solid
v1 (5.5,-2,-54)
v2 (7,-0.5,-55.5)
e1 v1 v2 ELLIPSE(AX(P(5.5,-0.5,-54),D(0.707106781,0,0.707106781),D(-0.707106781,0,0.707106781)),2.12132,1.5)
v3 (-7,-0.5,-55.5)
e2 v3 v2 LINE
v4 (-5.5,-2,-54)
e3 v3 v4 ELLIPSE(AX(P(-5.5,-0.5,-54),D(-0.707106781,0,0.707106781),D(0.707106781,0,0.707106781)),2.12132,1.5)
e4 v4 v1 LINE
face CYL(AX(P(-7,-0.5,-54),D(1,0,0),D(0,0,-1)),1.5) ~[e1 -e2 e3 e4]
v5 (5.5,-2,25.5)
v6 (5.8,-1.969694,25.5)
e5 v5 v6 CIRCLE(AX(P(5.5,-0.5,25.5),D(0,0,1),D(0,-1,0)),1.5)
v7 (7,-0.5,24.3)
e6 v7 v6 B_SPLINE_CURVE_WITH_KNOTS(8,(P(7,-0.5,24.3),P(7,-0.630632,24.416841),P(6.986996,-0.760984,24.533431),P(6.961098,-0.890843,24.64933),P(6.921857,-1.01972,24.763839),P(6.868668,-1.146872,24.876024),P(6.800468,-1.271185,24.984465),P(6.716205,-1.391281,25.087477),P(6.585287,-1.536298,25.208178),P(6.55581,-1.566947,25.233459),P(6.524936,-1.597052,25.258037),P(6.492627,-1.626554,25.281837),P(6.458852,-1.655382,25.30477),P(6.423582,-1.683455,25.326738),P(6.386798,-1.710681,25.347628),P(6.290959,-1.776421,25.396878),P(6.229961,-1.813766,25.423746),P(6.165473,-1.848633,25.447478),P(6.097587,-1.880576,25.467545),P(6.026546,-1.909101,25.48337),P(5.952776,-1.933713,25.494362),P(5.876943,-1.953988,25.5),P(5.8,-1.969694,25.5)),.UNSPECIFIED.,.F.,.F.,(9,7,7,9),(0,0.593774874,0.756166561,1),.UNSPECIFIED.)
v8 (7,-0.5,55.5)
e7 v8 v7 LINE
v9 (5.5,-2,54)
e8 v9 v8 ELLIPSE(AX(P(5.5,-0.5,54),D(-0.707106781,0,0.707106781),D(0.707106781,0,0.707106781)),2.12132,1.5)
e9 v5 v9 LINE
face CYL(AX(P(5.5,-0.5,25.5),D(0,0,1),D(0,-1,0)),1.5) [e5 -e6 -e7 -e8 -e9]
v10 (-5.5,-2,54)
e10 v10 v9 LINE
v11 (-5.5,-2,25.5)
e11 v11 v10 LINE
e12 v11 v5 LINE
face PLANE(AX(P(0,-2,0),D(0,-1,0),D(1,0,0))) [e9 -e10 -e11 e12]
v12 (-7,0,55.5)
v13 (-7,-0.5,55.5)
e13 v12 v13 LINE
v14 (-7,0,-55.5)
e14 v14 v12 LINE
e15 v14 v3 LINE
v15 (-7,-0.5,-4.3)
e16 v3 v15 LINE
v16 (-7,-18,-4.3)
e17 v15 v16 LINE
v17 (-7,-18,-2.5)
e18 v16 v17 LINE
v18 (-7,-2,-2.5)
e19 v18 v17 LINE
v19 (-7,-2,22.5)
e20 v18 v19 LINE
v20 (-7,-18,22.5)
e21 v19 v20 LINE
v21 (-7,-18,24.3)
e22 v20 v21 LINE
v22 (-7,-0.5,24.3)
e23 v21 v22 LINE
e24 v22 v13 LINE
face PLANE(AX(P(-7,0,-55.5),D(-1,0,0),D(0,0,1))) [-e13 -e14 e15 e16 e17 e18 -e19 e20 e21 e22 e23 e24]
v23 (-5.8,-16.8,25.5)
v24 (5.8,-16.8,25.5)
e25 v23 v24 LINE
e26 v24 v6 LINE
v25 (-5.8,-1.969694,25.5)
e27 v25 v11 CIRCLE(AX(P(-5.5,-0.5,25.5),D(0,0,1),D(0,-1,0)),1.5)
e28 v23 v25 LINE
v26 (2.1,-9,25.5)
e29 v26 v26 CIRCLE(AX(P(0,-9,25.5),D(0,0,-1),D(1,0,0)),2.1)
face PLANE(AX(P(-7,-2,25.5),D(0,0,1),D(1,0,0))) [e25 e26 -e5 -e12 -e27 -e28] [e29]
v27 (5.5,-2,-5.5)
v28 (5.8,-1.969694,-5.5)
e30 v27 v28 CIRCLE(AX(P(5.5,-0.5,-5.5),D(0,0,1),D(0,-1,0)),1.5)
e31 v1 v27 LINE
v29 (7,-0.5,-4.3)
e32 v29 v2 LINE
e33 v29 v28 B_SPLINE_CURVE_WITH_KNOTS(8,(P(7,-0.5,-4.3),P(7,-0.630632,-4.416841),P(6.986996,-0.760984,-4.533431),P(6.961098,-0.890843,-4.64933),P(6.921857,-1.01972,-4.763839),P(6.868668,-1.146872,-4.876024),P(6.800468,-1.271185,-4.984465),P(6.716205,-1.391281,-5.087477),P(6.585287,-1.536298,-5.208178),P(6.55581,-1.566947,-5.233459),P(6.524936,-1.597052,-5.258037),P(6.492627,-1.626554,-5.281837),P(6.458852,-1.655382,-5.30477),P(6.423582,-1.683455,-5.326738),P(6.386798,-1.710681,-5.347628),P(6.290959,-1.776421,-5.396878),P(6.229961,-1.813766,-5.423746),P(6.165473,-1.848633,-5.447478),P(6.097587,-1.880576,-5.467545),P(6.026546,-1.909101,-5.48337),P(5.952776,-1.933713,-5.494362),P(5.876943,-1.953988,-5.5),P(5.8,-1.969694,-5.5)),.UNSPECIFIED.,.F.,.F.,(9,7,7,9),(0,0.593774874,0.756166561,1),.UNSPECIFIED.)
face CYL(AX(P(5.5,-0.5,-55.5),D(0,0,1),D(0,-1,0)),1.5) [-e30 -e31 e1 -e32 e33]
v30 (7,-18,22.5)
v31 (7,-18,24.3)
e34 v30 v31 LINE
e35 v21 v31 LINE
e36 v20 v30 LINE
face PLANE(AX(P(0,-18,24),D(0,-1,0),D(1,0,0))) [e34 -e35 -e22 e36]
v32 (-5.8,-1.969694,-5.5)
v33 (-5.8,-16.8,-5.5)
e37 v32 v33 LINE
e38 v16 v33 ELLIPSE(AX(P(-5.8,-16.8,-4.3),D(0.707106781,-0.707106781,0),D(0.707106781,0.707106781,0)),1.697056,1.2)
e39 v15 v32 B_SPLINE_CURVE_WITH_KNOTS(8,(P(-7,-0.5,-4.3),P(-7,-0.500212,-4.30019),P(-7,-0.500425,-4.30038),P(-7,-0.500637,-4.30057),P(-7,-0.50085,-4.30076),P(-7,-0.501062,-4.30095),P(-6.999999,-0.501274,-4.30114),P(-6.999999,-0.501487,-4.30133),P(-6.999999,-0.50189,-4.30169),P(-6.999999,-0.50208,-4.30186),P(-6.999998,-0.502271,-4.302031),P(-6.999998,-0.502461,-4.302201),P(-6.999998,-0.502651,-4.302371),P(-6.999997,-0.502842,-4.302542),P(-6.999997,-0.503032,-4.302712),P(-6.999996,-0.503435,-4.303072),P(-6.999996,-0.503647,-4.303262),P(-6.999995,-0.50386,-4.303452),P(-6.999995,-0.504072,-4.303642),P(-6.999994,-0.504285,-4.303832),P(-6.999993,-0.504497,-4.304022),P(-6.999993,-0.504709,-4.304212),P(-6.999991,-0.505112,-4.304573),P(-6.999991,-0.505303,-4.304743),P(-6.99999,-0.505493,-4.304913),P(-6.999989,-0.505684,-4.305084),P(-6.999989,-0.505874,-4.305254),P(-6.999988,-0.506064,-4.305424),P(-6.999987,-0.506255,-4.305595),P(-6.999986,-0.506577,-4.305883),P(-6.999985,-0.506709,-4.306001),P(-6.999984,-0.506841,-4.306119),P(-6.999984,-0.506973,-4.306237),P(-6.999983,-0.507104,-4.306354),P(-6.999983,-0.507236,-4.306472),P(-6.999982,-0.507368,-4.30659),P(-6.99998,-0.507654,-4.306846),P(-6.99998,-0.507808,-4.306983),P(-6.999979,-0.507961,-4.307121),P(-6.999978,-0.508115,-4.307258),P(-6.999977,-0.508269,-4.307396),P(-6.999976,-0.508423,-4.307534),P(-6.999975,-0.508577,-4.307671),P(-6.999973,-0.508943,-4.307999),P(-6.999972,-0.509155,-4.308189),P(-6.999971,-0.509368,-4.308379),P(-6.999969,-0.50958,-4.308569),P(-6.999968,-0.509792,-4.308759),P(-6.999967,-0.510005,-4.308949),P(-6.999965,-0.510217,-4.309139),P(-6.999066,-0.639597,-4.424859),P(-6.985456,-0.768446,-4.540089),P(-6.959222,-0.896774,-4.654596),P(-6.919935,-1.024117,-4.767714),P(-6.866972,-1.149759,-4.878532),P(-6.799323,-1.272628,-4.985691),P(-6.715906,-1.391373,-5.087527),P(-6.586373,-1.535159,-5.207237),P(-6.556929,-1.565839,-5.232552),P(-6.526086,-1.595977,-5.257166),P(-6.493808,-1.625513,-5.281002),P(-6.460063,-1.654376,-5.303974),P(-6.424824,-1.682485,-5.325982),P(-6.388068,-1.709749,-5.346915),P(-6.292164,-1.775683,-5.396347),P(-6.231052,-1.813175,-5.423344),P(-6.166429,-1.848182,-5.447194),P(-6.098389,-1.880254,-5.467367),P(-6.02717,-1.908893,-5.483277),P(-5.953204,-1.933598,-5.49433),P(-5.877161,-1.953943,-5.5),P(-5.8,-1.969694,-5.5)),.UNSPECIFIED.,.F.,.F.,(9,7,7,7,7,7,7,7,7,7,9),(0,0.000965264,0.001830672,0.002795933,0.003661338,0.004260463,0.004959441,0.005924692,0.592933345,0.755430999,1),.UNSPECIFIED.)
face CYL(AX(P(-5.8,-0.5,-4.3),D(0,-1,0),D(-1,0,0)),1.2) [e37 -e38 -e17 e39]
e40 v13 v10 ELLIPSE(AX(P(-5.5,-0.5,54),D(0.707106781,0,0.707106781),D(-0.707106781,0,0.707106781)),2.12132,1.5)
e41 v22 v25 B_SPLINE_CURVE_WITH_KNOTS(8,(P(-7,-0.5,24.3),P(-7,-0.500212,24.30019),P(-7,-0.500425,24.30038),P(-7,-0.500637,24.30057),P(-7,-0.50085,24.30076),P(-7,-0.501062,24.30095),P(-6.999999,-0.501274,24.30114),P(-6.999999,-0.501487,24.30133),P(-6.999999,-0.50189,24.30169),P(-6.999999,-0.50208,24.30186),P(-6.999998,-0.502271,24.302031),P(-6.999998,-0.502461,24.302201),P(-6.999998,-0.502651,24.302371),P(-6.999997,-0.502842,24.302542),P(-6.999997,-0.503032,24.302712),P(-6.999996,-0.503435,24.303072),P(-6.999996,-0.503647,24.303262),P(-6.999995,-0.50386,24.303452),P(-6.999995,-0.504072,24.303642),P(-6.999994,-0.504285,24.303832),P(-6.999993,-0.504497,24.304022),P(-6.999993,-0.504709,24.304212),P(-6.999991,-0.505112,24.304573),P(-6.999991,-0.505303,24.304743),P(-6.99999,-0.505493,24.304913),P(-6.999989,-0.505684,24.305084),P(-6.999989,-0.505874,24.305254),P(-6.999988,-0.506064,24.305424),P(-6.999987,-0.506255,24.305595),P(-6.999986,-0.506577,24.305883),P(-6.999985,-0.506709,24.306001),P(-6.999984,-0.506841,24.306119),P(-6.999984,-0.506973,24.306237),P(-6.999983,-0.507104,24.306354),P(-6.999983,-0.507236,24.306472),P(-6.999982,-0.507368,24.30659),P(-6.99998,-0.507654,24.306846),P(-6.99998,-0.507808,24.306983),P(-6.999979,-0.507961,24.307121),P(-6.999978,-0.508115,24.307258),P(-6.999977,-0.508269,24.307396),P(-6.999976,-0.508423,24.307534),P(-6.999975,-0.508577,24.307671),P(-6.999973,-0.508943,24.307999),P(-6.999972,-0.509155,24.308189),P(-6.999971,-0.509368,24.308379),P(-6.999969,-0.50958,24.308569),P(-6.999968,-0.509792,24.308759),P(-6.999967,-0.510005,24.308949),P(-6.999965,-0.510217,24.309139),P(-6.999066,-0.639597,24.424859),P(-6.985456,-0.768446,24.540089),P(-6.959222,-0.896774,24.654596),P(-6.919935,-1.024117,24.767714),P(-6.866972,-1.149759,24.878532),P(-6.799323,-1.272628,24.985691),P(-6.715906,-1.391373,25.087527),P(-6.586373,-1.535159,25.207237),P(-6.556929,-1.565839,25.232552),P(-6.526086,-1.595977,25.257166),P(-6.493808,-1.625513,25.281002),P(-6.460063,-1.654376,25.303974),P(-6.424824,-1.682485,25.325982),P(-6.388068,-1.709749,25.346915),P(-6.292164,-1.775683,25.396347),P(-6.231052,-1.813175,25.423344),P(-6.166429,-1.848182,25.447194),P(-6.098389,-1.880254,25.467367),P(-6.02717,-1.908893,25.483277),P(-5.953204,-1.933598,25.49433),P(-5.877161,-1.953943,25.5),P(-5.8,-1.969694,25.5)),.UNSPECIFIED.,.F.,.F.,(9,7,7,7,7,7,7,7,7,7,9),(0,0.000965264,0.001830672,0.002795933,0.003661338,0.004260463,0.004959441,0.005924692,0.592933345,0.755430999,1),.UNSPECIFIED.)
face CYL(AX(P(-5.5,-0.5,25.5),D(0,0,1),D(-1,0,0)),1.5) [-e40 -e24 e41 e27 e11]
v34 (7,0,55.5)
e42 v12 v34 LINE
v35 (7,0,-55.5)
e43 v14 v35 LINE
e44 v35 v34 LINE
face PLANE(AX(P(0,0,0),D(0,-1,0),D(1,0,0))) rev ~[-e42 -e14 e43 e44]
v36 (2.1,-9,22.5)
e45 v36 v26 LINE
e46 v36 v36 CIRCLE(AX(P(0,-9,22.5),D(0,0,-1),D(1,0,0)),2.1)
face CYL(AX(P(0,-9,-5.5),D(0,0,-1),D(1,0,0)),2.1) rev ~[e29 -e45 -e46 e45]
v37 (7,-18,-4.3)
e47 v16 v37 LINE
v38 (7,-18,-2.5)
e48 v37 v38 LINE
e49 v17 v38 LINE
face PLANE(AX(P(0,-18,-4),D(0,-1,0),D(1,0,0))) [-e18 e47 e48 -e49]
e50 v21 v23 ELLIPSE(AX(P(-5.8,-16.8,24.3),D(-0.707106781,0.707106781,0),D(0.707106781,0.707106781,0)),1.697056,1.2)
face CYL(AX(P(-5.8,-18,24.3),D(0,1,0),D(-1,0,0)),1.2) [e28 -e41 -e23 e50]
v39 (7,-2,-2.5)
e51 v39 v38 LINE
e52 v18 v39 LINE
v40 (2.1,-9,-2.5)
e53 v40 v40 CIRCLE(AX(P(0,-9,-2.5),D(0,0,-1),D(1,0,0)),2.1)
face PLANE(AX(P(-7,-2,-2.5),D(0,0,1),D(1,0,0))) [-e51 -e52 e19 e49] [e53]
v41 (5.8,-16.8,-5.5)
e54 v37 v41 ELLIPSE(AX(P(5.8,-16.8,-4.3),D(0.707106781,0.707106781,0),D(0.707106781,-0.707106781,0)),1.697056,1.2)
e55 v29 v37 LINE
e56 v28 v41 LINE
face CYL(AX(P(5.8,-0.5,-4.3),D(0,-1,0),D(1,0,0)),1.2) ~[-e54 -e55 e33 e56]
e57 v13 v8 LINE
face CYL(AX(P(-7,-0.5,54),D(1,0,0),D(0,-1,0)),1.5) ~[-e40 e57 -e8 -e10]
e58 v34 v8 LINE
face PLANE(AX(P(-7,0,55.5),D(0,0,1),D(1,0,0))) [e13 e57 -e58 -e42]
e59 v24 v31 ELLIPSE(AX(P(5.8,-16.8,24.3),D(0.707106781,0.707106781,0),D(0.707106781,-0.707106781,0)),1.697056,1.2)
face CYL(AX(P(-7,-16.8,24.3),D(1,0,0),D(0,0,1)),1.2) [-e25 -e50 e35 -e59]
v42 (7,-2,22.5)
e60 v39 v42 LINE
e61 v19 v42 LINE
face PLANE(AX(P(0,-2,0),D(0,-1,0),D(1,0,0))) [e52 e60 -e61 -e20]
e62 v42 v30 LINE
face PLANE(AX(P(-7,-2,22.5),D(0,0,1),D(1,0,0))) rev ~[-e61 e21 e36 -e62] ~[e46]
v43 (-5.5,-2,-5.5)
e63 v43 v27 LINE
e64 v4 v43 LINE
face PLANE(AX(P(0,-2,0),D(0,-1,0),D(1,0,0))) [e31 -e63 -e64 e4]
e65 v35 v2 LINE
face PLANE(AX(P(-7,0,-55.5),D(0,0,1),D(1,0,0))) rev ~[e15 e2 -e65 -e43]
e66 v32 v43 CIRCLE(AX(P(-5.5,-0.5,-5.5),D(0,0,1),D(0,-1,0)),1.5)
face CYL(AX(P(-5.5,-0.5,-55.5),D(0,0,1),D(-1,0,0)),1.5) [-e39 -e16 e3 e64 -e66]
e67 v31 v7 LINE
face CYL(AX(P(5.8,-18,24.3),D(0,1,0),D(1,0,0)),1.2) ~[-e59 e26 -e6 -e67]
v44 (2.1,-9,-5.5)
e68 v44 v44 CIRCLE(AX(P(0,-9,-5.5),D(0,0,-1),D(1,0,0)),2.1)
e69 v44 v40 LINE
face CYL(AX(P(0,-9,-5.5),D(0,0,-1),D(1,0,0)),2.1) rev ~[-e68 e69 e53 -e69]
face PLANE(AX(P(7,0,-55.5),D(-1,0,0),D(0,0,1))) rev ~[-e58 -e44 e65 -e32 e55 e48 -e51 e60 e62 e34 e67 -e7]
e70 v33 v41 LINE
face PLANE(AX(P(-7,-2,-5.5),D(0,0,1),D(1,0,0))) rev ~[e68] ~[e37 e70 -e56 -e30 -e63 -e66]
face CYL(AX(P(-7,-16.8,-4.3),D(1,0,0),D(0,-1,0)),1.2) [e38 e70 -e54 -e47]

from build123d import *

# Parameters (mm, degrees)
SKETCH_W     = 14
SKETCH_H     = 111
PAD_DEPTH    = 2
SKETCH001_W  = 14
SKETCH001_H  = 3
PAD001_DEPTH = 16
SKETCH002_W  = 14
SKETCH002_H  = 3
PAD002_DEPTH = 16
SKETCH003_R  = 2.1
POCKET_DEPTH = 61.001
FILLET_R     = 1.5
FILLET001_R  = 1.2


with BuildPart() as part:
    # Sketch → Pad (new body)
    with BuildSketch(Plane.XZ):
        Rectangle(SKETCH_W, SKETCH_H)
    extrude(amount=PAD_DEPTH)

    # Sketch001 (on Face6 of Pad) → Pad001 (join)
    with BuildSketch(Plane.XZ.offset(2)):
        with Locations((0, 24)):
            Rectangle(SKETCH001_W, SKETCH001_H)
    extrude(amount=PAD001_DEPTH)

    # Sketch002 (on Face7 of Pad001) → Pad002 (join)
    with BuildSketch(Plane.XZ.offset(2)):
        with Locations((0, -4)):
            Rectangle(SKETCH002_W, SKETCH002_H)
    extrude(amount=PAD002_DEPTH)

    # Sketch003 (on Face14 of Pad002) → Pocket (cut, through all)
    with BuildSketch(Plane(origin=(0, 0, -5.5), x_dir=(1, 0, 0), z_dir=(0, 0, -1))):
        with Locations((0, 9)):
            Circle(SKETCH003_R)
    extrude(amount=-POCKET_DEPTH, mode=Mode.SUBTRACT)

    # Fillet
    fillet_edges = [part.edges().sort_by_distance(p)[0] for p in [
        (7, -2, 40.5),
        (-7, -2, 40.5),
        (0, -2, 55.5),
        (-7, -2, -30.5),
        (7, -2, -30.5),
        (0, -2, -55.5),
    ]]
    fillet(fillet_edges, radius=FILLET_R)

    # Fillet001
    fillet001_edges = [part.edges().sort_by_distance(p)[0] for p in [
        (-7, -10, 25.5),
        (0, -18, 25.5),
        (7, -10, 25.5),
        (0, -18, -5.5),
        (7, -10, -5.5),
        (-7, -10, -5.5),
    ]]
    fillet(fillet001_edges, radius=FILLET001_R)


solid = part.part
